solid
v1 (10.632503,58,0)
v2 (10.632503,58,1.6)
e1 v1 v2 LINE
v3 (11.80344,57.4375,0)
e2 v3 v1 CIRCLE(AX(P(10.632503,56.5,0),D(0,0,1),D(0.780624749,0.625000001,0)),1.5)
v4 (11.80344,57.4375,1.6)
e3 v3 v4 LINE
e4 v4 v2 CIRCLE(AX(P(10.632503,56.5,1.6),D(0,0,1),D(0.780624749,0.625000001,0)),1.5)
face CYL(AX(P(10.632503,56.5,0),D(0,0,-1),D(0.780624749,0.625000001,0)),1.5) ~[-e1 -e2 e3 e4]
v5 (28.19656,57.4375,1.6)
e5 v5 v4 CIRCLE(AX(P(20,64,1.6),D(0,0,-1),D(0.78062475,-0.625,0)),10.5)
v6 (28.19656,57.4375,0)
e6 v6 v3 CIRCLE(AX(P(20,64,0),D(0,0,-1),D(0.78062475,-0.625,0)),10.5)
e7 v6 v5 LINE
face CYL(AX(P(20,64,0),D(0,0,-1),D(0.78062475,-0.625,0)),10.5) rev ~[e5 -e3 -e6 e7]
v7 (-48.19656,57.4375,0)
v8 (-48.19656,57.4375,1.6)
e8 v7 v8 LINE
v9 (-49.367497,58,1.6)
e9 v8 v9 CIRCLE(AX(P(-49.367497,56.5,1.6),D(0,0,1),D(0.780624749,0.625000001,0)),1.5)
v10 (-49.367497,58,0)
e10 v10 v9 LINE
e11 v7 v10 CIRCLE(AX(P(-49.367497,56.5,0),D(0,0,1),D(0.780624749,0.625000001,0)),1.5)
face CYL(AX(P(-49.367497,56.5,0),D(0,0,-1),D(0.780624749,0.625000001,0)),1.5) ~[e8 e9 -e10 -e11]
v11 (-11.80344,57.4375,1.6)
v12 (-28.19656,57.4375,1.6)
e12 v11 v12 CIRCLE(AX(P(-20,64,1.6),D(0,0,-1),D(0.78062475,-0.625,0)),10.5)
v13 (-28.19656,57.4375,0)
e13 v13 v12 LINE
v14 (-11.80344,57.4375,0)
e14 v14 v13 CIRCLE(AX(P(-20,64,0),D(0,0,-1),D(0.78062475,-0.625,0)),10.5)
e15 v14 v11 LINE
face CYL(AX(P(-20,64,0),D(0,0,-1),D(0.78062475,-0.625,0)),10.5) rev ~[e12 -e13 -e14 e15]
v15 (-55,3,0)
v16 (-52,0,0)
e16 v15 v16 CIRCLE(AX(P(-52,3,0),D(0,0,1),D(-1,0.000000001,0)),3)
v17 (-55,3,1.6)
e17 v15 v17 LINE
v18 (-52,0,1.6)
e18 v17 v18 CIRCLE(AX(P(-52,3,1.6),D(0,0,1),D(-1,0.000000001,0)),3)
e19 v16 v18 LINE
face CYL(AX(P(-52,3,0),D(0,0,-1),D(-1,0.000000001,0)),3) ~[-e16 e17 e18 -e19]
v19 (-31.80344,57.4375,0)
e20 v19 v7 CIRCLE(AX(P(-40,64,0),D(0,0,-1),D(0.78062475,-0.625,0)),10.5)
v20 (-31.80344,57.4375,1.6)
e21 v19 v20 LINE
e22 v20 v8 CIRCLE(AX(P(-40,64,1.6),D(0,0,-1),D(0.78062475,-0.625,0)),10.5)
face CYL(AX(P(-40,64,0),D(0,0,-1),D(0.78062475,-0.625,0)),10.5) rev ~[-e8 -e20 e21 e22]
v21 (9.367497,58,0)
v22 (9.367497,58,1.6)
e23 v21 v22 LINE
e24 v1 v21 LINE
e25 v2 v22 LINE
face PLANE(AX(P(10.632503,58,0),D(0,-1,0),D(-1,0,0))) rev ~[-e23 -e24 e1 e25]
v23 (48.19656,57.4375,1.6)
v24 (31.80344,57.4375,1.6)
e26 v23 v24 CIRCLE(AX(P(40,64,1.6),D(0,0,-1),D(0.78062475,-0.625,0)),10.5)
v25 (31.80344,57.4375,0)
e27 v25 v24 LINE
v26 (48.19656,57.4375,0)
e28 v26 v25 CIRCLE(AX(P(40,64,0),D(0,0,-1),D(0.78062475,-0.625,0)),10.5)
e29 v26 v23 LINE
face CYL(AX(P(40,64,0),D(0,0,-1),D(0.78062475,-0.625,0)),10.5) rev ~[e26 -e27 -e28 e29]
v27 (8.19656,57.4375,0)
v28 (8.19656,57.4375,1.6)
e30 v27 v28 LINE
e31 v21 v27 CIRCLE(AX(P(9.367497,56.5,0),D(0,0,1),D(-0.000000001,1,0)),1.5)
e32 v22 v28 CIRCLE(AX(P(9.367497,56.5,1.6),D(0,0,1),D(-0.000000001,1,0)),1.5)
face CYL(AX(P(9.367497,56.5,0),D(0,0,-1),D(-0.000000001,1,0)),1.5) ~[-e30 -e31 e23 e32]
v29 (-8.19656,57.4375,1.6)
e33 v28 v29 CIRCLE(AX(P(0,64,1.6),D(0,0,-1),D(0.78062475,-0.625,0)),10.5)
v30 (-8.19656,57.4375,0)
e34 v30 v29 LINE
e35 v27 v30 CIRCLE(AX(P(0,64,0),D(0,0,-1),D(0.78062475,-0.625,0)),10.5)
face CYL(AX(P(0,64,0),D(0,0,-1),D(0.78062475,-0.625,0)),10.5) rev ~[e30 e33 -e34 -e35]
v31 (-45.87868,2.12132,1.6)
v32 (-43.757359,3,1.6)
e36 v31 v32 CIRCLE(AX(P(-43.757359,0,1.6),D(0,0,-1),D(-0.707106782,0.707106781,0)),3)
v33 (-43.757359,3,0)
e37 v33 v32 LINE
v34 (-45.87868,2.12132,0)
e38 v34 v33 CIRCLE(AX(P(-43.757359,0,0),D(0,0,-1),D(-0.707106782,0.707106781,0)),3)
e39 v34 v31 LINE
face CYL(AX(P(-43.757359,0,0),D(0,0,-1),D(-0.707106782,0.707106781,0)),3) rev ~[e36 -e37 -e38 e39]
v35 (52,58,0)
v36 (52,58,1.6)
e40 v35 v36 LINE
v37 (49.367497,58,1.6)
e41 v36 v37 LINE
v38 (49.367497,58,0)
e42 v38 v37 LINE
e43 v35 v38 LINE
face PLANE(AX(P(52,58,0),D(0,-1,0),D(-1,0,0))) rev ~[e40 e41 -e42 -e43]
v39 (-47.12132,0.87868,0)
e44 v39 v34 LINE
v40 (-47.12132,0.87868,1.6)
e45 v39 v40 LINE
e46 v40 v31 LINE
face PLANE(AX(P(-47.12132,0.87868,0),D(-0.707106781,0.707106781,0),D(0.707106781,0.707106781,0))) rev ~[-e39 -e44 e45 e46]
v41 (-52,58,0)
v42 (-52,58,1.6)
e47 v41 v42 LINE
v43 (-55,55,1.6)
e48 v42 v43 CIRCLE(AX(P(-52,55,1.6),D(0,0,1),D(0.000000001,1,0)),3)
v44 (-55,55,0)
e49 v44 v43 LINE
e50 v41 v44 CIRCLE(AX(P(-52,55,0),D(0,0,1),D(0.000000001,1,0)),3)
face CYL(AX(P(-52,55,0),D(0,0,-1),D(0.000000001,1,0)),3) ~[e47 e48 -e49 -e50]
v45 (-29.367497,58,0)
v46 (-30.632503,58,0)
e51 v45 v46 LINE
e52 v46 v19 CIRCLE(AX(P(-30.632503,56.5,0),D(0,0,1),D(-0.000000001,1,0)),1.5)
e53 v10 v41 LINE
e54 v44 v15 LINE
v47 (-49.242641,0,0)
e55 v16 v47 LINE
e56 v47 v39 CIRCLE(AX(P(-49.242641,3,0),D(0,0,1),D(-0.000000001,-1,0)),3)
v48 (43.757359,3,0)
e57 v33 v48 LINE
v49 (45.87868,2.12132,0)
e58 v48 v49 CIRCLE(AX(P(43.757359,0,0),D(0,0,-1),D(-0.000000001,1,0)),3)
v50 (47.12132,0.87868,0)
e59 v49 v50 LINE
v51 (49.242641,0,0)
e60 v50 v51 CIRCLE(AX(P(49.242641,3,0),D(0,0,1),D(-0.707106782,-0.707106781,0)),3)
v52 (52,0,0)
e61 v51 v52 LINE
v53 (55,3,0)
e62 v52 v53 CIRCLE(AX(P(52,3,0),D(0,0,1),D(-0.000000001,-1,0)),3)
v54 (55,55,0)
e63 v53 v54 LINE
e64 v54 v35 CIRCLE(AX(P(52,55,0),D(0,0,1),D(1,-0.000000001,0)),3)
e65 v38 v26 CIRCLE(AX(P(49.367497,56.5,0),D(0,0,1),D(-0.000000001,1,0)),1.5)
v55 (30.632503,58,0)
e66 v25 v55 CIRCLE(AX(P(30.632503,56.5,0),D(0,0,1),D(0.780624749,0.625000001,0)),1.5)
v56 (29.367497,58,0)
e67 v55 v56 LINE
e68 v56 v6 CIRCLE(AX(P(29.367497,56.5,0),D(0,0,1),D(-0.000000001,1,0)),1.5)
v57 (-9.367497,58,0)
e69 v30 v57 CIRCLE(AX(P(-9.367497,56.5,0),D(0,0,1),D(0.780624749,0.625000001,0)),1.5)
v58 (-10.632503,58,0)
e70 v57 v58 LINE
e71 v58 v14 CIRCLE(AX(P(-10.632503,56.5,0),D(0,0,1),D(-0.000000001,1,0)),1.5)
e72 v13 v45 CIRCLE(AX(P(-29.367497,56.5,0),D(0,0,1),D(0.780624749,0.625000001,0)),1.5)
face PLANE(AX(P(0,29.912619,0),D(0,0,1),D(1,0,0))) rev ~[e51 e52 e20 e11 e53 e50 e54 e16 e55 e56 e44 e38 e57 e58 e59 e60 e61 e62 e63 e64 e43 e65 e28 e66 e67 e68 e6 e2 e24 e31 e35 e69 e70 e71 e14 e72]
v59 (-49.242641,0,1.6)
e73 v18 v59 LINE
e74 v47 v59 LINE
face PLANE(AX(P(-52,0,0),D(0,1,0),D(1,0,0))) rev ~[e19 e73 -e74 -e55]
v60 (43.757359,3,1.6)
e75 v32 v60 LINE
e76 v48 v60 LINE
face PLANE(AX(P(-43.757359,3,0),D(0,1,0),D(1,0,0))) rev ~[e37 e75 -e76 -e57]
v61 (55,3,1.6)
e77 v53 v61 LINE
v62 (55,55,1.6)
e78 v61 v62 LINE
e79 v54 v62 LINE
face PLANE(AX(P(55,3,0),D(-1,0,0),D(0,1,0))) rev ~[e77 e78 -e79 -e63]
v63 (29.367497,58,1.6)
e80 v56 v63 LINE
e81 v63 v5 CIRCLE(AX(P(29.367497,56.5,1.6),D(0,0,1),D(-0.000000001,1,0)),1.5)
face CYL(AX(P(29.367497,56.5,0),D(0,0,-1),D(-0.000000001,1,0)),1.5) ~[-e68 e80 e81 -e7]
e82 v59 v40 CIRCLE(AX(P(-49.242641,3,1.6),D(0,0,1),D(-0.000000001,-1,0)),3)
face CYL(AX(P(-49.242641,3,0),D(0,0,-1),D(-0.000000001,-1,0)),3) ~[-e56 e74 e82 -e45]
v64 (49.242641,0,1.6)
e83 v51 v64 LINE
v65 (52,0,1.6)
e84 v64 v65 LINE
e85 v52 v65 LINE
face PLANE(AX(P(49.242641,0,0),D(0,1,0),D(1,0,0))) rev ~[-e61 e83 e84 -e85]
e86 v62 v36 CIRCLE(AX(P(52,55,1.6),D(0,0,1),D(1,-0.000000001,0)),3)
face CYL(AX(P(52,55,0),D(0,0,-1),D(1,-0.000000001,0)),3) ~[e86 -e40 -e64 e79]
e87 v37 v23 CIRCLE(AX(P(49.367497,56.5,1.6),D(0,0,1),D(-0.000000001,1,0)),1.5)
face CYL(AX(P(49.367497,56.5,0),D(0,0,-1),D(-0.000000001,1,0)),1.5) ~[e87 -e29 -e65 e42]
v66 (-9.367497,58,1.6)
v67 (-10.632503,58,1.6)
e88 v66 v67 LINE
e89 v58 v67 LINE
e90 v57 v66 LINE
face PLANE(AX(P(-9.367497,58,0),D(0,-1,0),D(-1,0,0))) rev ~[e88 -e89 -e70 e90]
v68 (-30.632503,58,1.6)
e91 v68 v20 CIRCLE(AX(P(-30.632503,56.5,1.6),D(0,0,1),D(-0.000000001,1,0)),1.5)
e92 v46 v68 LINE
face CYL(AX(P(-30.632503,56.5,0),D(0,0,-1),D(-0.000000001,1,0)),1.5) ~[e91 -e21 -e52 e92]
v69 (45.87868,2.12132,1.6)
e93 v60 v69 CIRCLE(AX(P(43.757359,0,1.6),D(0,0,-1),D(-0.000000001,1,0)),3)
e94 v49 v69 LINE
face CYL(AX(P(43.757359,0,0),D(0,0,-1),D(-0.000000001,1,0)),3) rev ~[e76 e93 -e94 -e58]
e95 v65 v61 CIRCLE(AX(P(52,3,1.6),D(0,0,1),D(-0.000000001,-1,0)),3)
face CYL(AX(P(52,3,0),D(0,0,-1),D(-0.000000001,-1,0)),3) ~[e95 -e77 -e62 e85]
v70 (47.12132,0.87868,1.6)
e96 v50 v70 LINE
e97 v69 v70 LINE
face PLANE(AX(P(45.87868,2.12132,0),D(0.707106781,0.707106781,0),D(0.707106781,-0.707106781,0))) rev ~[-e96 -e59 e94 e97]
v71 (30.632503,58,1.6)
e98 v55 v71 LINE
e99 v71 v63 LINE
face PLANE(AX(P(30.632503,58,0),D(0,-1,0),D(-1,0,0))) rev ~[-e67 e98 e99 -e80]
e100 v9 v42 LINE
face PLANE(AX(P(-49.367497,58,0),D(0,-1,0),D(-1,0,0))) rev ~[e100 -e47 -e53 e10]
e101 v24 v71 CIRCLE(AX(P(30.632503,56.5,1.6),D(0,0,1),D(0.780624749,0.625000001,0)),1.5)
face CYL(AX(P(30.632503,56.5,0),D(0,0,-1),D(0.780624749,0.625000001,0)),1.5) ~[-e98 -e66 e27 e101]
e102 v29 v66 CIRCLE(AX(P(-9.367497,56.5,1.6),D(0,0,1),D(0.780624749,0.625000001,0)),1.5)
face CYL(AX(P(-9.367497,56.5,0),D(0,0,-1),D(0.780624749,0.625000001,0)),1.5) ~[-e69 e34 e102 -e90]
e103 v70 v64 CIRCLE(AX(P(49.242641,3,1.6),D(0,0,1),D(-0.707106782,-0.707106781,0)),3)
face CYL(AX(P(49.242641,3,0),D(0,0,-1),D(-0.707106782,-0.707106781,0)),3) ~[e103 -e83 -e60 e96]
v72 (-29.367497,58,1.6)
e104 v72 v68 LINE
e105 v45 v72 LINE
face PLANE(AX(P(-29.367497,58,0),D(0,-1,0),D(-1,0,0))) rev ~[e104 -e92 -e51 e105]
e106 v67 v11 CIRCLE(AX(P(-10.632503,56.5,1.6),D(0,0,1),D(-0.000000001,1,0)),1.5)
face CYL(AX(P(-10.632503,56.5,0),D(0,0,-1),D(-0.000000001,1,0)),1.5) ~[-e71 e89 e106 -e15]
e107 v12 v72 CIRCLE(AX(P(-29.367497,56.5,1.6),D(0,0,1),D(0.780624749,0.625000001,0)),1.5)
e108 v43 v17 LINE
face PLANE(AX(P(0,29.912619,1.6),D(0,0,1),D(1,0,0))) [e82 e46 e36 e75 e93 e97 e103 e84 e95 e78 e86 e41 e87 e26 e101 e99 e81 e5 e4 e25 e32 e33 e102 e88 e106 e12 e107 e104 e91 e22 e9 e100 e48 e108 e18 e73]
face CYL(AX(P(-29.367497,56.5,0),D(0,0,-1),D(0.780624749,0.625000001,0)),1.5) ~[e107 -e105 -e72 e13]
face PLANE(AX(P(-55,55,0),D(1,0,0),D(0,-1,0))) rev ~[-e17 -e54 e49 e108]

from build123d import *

# Parameters (mm, degrees)
BOSS_EXTRUDE1_DEPTH = 1.6


with BuildPart() as part:
    # Sketch2 → Boss-Extrude1 (new body)
    with BuildSketch(Plane.XY):
        with BuildLine():
            Line((-47.121320344, 0.878679656), (-45.878679656, 2.121320344))
            ThreePointArc((-45.878679656, 2.121320344), (-44.90540961, 2.771638598), (-43.757359313, 3))
            Line((-43.757359313, 3), (43.757359313, 3))
            ThreePointArc((43.757359313, 3), (44.90540961, 2.771638598), (45.878679656, 2.121320344))
            Line((45.878679656, 2.121320344), (47.121320344, 0.878679656))
            ThreePointArc((47.121320344, 0.878679656), (48.09459039, 0.228361402), (49.242640687, 0))
            Line((49.242640687, 0), (52, 0))
            ThreePointArc((52, 0), (54.121320344, 0.878679656), (55, 3))
            Line((55, 3), (55, 55))
            ThreePointArc((55, 55), (54.121320344, 57.121320344), (52, 58))
            Line((52, 58), (49.367496998, 58))
            ThreePointArc((49.367496998, 58), (48.717977945, 57.852081728), (48.196559873, 57.4375))
            ThreePointArc((48.196559873, 57.4375), (40, 53.5), (31.803440127, 57.4375))
            ThreePointArc((31.803440127, 57.4375), (31.282022055, 57.852081728), (30.632503002, 58))
            Line((30.632503002, 58), (29.367496998, 58))
            ThreePointArc((29.367496998, 58), (28.717977945, 57.852081728), (28.196559873, 57.4375))
            ThreePointArc((28.196559873, 57.4375), (20, 53.5), (11.803440127, 57.4375))
            ThreePointArc((11.803440127, 57.4375), (11.282022055, 57.852081728), (10.632503002, 58))
            Line((10.632503002, 58), (9.367496998, 58))
            ThreePointArc((9.367496998, 58), (8.717977945, 57.852081728), (8.196559873, 57.4375))
            ThreePointArc((8.196559873, 57.4375), (0, 53.5), (-8.196559873, 57.4375))
            ThreePointArc((-8.196559873, 57.4375), (-8.717977945, 57.852081728), (-9.367496998, 58))
            Line((-9.367496998, 58), (-10.632503002, 58))
            ThreePointArc((-10.632503002, 58), (-11.282022055, 57.852081728), (-11.803440127, 57.4375))
            ThreePointArc((-11.803440127, 57.4375), (-20, 53.5), (-28.196559873, 57.4375))
            ThreePointArc((-28.196559873, 57.4375), (-28.717977945, 57.852081728), (-29.367496998, 58))
            Line((-29.367496998, 58), (-30.632503002, 58))
            ThreePointArc((-30.632503002, 58), (-31.282022055, 57.852081728), (-31.803440127, 57.4375))
            ThreePointArc((-31.803440127, 57.4375), (-40, 53.5), (-48.196559873, 57.4375))
            ThreePointArc((-48.196559873, 57.4375), (-48.717977945, 57.852081728), (-49.367496998, 58))
            Line((-49.367496998, 58), (-52, 58))
            ThreePointArc((-52, 58), (-54.121320344, 57.121320344), (-55, 55))
            Line((-55, 55), (-55, 3))
            ThreePointArc((-55, 3), (-54.121320344, 0.878679656), (-52, 0))
            Line((-52, 0), (-49.242640687, 0))
            ThreePointArc((-49.242640687, 0), (-48.09459039, 0.228361402), (-47.121320344, 0.878679656))
        make_face()
    extrude(amount=BOSS_EXTRUDE1_DEPTH)


solid = part.part
